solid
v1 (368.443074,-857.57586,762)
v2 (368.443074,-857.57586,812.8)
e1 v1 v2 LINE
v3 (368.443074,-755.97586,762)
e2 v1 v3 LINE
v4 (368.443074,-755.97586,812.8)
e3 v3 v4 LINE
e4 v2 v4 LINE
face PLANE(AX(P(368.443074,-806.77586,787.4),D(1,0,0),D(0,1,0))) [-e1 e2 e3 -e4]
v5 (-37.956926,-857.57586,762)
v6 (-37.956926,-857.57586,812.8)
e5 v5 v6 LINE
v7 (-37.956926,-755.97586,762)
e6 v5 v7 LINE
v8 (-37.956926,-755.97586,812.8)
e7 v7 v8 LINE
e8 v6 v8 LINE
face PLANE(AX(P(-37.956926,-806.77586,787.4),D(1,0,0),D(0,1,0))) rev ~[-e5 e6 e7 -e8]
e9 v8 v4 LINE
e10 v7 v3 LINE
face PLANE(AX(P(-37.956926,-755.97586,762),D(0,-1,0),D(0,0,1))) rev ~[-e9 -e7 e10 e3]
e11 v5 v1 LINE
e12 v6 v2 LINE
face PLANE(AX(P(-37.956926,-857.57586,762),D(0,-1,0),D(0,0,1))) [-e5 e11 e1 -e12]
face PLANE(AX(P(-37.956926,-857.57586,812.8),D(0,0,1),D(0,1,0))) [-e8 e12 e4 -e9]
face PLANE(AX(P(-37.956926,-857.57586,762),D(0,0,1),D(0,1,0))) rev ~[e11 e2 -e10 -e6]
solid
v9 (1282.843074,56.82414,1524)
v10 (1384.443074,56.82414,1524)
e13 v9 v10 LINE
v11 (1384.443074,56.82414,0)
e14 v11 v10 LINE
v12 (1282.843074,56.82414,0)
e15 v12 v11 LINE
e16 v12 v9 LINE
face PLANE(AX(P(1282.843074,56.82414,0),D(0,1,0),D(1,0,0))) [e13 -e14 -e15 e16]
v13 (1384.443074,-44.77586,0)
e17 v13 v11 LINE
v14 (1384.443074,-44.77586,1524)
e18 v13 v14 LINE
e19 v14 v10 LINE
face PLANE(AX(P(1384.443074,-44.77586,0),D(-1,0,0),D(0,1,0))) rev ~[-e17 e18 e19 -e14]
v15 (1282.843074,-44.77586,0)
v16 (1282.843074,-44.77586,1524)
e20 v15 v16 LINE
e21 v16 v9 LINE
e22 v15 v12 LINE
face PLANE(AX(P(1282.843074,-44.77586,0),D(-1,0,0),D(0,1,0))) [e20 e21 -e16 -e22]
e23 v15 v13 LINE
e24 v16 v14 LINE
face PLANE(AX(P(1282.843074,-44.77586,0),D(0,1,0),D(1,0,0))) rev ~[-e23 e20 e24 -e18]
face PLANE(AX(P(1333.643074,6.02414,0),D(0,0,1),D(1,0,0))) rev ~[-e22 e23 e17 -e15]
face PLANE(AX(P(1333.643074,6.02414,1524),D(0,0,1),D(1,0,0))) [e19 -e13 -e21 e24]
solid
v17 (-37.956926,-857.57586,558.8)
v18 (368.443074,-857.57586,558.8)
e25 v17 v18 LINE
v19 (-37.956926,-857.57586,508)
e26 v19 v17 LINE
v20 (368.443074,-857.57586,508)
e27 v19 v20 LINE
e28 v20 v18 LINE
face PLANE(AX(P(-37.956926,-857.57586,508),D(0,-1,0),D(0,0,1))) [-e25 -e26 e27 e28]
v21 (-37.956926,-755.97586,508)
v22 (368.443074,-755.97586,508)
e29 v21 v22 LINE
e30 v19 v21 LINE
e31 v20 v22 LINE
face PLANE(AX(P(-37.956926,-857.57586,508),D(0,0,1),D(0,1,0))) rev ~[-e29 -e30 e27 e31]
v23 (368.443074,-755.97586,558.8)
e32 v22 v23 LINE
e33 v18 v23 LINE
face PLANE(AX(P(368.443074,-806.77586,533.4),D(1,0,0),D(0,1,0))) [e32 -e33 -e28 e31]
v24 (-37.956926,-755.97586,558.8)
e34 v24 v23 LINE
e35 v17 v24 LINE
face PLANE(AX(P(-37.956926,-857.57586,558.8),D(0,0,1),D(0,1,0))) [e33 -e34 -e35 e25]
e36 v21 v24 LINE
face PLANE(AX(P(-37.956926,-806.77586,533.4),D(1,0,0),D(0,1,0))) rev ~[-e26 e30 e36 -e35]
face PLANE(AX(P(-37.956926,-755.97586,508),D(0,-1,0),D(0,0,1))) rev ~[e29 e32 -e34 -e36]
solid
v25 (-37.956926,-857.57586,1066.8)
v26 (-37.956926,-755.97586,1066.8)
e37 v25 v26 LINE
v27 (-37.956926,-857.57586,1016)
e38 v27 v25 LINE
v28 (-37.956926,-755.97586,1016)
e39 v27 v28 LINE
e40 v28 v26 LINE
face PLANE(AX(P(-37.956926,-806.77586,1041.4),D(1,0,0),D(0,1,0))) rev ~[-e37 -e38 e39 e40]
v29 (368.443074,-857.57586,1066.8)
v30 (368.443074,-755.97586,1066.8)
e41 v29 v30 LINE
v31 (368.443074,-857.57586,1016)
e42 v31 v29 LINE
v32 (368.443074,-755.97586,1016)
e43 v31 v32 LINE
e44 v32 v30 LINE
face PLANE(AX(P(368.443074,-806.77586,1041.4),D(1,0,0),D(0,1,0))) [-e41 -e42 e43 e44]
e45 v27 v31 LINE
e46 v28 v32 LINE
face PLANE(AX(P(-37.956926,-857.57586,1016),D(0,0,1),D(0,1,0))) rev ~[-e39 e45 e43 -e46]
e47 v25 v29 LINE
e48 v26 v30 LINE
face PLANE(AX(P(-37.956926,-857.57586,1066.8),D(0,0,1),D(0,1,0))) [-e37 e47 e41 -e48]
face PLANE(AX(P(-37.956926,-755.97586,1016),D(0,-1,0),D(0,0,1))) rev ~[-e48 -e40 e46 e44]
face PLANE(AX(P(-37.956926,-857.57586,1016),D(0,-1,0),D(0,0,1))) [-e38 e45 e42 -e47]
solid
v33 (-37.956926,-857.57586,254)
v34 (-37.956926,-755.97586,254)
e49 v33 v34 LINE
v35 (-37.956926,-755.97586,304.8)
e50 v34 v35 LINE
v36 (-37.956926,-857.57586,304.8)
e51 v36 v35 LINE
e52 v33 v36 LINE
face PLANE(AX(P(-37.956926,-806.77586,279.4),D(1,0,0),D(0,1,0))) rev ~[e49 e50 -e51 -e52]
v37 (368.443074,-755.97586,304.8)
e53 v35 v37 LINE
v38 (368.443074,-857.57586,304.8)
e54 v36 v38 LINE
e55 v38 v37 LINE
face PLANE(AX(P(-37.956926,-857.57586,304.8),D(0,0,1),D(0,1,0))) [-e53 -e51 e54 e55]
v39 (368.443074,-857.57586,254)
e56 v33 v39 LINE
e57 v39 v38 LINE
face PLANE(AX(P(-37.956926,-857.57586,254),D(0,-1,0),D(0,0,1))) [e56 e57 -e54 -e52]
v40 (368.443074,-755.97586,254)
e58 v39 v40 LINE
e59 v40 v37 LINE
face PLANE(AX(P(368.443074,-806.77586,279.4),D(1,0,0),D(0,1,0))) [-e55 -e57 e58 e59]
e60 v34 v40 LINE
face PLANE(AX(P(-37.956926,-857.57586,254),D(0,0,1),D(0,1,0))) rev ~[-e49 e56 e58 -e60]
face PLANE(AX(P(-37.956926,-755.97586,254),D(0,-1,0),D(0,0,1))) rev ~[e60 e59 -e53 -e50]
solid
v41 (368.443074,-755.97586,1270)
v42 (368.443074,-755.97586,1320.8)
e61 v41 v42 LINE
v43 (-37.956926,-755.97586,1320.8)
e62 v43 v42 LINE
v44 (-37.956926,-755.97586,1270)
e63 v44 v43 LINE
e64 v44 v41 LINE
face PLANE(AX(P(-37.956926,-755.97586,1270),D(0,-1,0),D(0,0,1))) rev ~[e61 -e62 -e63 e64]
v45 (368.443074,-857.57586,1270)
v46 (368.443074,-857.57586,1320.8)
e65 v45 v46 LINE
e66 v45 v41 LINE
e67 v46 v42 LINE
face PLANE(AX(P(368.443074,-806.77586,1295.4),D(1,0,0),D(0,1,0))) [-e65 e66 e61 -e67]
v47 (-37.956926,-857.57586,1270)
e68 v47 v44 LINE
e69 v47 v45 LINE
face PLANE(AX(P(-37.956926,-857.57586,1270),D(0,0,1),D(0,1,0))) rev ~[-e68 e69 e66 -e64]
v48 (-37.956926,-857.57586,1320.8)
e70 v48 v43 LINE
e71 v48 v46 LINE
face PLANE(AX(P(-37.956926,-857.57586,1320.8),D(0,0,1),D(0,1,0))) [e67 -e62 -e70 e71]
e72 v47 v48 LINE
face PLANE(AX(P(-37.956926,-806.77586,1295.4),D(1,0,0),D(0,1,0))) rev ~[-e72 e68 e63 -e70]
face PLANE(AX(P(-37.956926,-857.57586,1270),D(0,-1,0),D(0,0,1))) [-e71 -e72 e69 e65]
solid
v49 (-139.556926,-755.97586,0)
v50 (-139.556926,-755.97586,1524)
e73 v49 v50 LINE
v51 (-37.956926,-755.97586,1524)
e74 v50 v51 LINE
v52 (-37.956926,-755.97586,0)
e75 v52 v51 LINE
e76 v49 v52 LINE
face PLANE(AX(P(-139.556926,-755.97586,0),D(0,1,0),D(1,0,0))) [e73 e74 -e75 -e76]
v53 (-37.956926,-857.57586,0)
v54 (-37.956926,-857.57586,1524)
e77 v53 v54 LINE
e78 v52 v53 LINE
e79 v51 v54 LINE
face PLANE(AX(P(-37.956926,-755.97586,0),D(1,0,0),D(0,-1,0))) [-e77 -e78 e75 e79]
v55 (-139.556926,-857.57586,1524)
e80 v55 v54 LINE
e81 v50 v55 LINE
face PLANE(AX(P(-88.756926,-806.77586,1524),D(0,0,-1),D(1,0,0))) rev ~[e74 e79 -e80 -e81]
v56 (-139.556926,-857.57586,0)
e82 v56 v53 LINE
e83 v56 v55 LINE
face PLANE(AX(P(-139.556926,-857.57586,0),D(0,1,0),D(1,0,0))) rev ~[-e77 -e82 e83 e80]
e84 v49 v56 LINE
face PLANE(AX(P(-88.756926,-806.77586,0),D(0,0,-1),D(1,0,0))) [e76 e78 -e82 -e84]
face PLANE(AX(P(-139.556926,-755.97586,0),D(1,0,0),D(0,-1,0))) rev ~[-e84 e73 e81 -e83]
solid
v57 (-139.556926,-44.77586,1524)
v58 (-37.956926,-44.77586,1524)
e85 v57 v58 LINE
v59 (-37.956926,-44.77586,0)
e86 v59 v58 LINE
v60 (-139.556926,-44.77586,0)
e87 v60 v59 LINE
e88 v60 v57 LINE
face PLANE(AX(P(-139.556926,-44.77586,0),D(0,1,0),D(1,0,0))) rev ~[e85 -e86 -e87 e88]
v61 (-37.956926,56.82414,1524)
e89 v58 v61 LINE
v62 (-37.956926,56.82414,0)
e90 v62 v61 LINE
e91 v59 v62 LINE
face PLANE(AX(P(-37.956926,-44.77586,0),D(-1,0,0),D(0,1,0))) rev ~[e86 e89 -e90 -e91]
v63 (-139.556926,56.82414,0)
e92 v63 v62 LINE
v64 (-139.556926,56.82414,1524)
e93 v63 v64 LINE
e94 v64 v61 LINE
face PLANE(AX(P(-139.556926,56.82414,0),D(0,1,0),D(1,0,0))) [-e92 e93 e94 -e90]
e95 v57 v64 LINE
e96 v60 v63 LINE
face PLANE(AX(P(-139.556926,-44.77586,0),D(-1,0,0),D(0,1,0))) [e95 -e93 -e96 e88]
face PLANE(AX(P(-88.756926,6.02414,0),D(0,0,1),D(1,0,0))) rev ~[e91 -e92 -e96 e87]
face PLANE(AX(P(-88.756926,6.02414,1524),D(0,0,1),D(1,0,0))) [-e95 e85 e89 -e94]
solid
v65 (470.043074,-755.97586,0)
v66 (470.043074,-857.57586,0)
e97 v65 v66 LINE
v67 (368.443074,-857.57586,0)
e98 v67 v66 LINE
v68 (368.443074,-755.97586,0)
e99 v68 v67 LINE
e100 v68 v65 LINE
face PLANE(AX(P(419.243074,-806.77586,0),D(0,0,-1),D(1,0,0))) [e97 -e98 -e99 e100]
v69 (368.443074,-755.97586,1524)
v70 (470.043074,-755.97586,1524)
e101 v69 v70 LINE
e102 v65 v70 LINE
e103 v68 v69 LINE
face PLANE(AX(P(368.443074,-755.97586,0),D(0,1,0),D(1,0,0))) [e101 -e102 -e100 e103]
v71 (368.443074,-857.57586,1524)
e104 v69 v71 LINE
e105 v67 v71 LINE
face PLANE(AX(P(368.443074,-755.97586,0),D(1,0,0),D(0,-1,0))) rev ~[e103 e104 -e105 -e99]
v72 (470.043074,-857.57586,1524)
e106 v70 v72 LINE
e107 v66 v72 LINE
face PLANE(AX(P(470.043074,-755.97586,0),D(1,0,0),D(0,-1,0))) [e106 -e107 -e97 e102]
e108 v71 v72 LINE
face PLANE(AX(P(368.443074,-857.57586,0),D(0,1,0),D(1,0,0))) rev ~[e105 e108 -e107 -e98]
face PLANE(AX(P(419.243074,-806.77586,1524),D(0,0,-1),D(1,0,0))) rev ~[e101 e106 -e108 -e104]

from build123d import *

# Parameters (mm, degrees)
F0_W     = 101.6
F0_H     = 101.6
F1_DEPTH = 1524
F2_W     = 101.6
F2_H     = 101.6
F3_DEPTH = 1524
F4_W     = 101.6
F4_H     = 101.6
F5_DEPTH = 1524
F6_W     = 101.6
F6_H     = 50.8
F7_DEPTH = 406.4
F8_W     = 101.6
F8_H     = 101.6
F9_DEPTH = 1524


with BuildPart() as f1:
    # F0 (on Top) → F1 (new body)
    with BuildSketch(Plane.XY):
        with Locations((-88.756926, 6.02414)):
            Rectangle(F0_W, F0_H)
    extrude(amount=F1_DEPTH)


with BuildPart() as f3:
    # F2 (on face) → F3 (new body)
    with BuildSketch(Plane(origin=(0, 0, 0), x_dir=(1, 0, 0), z_dir=(0, 0, -1))):
        with Locations((-88.756926, 806.77586)):
            Rectangle(F2_W, F2_H)
    extrude(amount=-F3_DEPTH)


with BuildPart() as f5:
    # F4 (on face) → F5 (new body)
    with BuildSketch(Plane(origin=(0, 0, 0), x_dir=(1, 0, 0), z_dir=(0, 0, -1))):
        with Locations((419.243074, 806.77586)):
            Rectangle(F4_W, F4_H)
    extrude(amount=-F5_DEPTH)


with BuildPart() as f7:
    # F6 (on face) → F7 (new body, through all)
    with BuildSketch(Plane.YZ.offset(-37.956926)):
        with Locations((-806.77586, 279.4)):
            Rectangle(F6_W, F6_H)
        with Locations((-806.77586, 533.4)):
            Rectangle(F6_W, F6_H)
        with Locations((-806.77586, 787.4)):
            Rectangle(F6_W, F6_H)
        with Locations((-806.77586, 1041.4)):
            Rectangle(F6_W, F6_H)
        with Locations((-806.77586, 1295.4)):
            Rectangle(F6_W, F6_H)
    extrude(amount=F7_DEPTH)


with BuildPart() as f9:
    # F8 (on Top) → F9 (new body)
    with BuildSketch(Plane.XY):
        with Locations((1333.643074, 6.02414)):
            Rectangle(F8_W, F8_H)
    extrude(amount=F9_DEPTH)


solid = Compound([f1.part, f3.part, f5.part, f7.part, f9.part])
